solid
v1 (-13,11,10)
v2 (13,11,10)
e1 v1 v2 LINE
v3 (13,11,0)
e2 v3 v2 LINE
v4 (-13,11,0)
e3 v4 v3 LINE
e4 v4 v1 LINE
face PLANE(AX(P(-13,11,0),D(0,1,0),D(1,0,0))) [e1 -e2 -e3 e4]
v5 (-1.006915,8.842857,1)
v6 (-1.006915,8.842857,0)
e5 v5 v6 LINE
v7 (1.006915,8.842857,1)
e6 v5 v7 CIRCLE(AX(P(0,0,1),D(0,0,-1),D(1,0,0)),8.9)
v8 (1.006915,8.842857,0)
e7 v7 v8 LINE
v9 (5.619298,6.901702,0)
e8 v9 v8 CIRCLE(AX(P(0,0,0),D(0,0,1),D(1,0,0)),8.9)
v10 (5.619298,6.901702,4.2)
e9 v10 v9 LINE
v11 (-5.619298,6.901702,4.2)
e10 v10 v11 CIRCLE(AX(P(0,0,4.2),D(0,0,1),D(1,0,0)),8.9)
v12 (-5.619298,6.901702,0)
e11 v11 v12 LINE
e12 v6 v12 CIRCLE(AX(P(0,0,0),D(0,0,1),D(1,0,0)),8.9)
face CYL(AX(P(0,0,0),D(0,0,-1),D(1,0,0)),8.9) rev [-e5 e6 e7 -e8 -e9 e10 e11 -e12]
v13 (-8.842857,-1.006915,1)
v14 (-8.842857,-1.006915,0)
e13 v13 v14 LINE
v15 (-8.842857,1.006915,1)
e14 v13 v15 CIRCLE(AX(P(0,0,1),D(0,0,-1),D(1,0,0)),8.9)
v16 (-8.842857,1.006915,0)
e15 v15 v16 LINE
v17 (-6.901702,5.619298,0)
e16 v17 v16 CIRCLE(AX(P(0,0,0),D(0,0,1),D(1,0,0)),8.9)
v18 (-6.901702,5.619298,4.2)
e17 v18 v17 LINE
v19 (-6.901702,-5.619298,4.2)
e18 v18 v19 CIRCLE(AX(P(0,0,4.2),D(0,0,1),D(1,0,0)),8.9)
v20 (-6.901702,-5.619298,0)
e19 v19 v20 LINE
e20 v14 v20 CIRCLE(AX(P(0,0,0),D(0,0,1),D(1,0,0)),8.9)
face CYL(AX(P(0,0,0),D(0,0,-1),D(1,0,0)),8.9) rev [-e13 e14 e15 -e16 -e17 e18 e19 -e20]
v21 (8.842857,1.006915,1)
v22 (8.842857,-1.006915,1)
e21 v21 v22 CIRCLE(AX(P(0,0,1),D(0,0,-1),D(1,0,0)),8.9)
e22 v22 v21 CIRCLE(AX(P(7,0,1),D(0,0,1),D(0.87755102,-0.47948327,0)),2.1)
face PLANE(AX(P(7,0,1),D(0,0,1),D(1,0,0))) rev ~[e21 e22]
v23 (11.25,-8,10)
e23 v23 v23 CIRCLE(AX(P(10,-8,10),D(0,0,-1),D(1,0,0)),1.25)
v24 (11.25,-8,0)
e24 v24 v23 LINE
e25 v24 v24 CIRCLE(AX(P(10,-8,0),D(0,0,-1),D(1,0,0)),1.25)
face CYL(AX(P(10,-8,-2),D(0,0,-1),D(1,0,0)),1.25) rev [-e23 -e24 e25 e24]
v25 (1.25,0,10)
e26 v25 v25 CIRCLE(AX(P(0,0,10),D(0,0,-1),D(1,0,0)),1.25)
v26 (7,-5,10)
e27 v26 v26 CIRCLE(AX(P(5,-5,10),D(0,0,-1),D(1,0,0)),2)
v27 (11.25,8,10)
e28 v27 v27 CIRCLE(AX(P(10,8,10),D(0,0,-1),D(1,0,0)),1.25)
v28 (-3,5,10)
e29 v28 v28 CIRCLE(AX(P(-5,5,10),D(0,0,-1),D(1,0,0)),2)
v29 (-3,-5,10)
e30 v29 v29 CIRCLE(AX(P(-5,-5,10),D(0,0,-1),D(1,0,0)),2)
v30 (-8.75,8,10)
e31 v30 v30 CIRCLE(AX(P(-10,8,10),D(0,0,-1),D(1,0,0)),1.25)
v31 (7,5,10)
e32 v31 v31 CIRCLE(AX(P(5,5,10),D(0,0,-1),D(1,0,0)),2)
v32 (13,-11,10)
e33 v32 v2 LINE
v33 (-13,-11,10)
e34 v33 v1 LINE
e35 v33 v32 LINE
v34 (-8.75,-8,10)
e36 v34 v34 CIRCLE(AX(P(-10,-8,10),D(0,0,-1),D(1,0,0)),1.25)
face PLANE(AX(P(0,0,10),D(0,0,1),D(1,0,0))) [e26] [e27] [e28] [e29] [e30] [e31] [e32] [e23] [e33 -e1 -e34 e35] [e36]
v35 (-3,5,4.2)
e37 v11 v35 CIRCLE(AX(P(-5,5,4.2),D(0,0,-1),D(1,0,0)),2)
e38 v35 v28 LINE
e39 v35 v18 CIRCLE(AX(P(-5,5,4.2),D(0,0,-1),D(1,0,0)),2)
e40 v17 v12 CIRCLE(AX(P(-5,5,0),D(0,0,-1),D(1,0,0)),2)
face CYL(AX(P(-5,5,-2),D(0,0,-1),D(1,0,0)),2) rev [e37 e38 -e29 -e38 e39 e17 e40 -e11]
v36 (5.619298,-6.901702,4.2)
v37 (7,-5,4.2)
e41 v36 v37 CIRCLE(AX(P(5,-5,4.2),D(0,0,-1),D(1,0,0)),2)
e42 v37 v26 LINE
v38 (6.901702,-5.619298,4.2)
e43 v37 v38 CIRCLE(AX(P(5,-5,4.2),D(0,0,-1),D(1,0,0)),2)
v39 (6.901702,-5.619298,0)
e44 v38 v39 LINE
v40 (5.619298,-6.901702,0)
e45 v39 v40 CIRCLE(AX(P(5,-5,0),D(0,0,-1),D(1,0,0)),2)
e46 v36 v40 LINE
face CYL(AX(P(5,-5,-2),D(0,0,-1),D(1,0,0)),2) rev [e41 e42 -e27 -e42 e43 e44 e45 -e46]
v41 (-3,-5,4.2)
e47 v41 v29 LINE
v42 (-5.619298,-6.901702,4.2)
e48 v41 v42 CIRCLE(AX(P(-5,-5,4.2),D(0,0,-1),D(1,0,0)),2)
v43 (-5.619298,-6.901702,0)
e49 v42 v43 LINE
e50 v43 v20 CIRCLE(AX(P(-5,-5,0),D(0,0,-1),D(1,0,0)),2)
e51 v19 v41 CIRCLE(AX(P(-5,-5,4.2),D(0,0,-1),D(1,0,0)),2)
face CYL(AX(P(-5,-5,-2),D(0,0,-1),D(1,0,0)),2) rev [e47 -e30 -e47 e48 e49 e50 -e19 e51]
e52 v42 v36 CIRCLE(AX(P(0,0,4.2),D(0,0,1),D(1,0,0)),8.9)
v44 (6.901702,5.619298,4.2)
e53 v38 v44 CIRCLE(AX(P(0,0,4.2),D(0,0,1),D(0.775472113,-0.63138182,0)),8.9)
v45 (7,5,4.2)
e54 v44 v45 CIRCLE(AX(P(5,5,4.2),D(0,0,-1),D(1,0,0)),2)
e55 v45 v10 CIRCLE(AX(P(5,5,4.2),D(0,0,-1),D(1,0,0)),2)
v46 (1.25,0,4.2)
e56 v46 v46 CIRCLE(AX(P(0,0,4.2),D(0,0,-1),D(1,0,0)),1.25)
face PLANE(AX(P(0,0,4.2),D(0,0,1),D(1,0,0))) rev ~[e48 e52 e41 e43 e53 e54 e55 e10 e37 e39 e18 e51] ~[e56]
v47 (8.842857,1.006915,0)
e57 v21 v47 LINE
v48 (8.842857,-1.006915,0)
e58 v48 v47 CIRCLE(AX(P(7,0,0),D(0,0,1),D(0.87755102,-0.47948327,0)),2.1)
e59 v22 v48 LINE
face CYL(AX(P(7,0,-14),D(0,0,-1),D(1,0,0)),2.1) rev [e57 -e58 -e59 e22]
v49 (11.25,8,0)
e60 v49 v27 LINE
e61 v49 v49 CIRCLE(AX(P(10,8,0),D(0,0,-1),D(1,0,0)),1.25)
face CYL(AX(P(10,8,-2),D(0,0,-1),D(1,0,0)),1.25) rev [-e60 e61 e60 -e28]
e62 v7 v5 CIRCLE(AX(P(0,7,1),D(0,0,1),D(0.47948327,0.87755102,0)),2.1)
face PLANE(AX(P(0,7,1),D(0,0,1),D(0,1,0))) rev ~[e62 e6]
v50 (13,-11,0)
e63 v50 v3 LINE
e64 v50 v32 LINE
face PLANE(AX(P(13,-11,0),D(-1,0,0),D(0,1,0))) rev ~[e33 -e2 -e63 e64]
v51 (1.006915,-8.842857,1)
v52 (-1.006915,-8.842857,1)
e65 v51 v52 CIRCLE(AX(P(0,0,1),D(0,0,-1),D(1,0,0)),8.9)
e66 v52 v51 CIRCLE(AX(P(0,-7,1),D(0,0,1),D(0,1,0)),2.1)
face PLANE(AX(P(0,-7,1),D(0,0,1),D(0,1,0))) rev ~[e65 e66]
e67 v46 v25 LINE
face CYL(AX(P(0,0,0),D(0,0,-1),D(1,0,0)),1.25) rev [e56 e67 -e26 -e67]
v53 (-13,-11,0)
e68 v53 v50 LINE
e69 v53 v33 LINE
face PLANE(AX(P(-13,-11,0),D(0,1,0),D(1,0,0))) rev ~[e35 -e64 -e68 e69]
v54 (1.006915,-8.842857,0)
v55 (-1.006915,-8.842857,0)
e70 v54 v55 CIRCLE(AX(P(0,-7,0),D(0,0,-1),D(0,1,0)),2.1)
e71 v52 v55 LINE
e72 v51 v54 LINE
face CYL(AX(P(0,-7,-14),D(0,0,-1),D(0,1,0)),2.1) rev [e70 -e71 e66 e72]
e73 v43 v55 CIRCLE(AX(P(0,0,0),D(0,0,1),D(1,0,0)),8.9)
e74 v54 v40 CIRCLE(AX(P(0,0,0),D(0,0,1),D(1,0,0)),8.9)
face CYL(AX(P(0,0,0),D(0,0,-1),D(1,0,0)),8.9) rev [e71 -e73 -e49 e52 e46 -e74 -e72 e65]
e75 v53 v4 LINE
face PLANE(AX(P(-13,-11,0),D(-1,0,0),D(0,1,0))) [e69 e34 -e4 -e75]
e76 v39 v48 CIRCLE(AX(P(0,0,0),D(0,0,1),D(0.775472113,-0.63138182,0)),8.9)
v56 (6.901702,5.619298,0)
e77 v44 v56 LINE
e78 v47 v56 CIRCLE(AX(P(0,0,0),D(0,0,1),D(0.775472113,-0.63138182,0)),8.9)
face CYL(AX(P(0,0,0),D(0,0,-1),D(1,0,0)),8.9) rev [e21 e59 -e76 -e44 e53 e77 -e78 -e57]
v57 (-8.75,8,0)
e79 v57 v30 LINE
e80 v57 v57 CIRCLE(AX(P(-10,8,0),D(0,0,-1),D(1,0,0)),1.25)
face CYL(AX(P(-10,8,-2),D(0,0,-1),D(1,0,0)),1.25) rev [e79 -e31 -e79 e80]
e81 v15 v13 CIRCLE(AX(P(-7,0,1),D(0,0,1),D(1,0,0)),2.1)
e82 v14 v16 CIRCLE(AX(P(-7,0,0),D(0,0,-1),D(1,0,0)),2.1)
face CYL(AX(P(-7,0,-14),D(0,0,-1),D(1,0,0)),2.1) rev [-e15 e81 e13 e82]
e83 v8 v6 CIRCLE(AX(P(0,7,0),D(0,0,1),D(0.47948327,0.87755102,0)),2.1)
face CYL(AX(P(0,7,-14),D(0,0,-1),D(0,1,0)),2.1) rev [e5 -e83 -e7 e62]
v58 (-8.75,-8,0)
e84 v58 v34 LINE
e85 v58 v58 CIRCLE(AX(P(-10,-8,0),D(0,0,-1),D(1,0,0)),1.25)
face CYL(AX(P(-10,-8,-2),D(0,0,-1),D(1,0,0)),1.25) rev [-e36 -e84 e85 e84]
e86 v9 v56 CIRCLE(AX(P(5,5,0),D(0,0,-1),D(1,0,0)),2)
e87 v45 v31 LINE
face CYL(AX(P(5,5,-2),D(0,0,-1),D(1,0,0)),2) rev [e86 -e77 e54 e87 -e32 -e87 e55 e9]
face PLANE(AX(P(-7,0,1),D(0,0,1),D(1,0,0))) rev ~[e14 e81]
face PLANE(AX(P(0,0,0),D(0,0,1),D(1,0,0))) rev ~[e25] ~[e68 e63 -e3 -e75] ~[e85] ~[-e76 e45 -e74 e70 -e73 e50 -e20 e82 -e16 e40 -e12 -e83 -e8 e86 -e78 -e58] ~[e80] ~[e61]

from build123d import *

# Parameters (mm, degrees)
CYLINDER968_R             = 2.1
CYLINDER968_DEPTH         = 15
CYLINDER969_R             = 2.1
CYLINDER969_DEPTH         = 15
CYLINDER970_R             = 2.1
CYLINDER970_DEPTH         = 15
CYLINDER971_R             = 2.1
CYLINDER971_DEPTH         = 15
FUSION109_PLACEMENT_ANGLE = 90
CYLINDER965_R             = 2
CYLINDER965_DEPTH         = 15
CYLINDER967_R             = 2
CYLINDER967_DEPTH         = 15
CYLINDER966_R             = 2
CYLINDER966_DEPTH         = 15
CYLINDER964_R             = 2
CYLINDER964_DEPTH         = 15
CYLINDER958_R             = 1.25
CYLINDER958_DEPTH         = 15
CYLINDER957_R             = 1.25
CYLINDER957_DEPTH         = 15
CYLINDER956_R             = 1.25
CYLINDER956_DEPTH         = 15
CYLINDER955_R             = 1.25
CYLINDER955_DEPTH         = 15
CYLINDER070_R             = 8.9
CYLINDER070_DEPTH         = 4.2
CYLINDER072_R             = 1.25
CYLINDER072_DEPTH         = 12
BOX005_W                  = 26
BOX005_H                  = 22
BOX005_DEPTH              = 10


with BuildPart() as cylinder968:
    # Cylinder968 → Cylinder968 (new body)
    with BuildSketch(Plane(origin=(7, 0, 0), x_dir=(1, 0, 0), z_dir=(0, 0, 1))):
        Circle(CYLINDER968_R)
    extrude(amount=CYLINDER968_DEPTH)


with BuildPart() as fusion108:
    # Cylinder969 → Cylinder969 (new body)
    with BuildSketch(Plane(origin=(-7, 0, 0), x_dir=(1, 0, 0), z_dir=(0, 0, 1))):
        Circle(CYLINDER969_R)
    extrude(amount=CYLINDER969_DEPTH)

    # Fusion108: union Cylinder968
    add(cylinder968.part)


with BuildPart() as cylinder970:
    # Cylinder970 → Cylinder970 (new body)
    with BuildSketch(Plane(origin=(7, 0, 0), x_dir=(1, 0, 0), z_dir=(0, 0, 1))):
        Circle(CYLINDER970_R)
    extrude(amount=CYLINDER970_DEPTH)


with BuildPart() as fusion110:
    # Cylinder971 → Cylinder971 (new body)
    with BuildSketch(Plane(origin=(-7, 0, 0), x_dir=(1, 0, 0), z_dir=(0, 0, 1))):
        Circle(CYLINDER971_R)
    extrude(amount=CYLINDER971_DEPTH)

    # Fusion109: union Cylinder970
    add(cylinder970.part)


with BuildPart() as fusion110_1:
    # Fusion109 placement: moved
    add(fusion110.part.rotate(Axis((0, 0, 0), (0, 0, 1)), FUSION109_PLACEMENT_ANGLE))

    # Fusion110: union Fusion108
    add(fusion108.part)


with BuildPart() as fusion110_2:
    # Fusion110 placement: moved
    add(fusion110_1.part.moved(Location((0, 0, -14))))


with BuildPart() as cylinder965:
    # Cylinder965 → Cylinder965 (new body)
    with BuildSketch(Plane(origin=(5, 5, -2), x_dir=(1, 0, 0), z_dir=(0, 0, 1))):
        Circle(CYLINDER965_R)
    extrude(amount=CYLINDER965_DEPTH)


with BuildPart() as cylinder967:
    # Cylinder967 → Cylinder967 (new body)
    with BuildSketch(Plane(origin=(5, -5, -2), x_dir=(1, 0, 0), z_dir=(0, 0, 1))):
        Circle(CYLINDER967_R)
    extrude(amount=CYLINDER967_DEPTH)


with BuildPart() as cylinder966:
    # Cylinder966 → Cylinder966 (new body)
    with BuildSketch(Plane(origin=(-5, -5, -2), x_dir=(1, 0, 0), z_dir=(0, 0, 1))):
        Circle(CYLINDER966_R)
    extrude(amount=CYLINDER966_DEPTH)


with BuildPart() as fusion106:
    # Cylinder964 → Cylinder964 (new body)
    with BuildSketch(Plane(origin=(-5, 5, -2), x_dir=(1, 0, 0), z_dir=(0, 0, 1))):
        Circle(CYLINDER964_R)
    extrude(amount=CYLINDER964_DEPTH)

    # Fusion106: union Cylinder965, Cylinder967, Cylinder966
    add(cylinder965.part)
    add(cylinder967.part)
    add(cylinder966.part)


with BuildPart() as cylinder958:
    # Cylinder958 → Cylinder958 (new body)
    with BuildSketch(Plane(origin=(10, -8, -2), x_dir=(1, 0, 0), z_dir=(0, 0, 1))):
        Circle(CYLINDER958_R)
    extrude(amount=CYLINDER958_DEPTH)


with BuildPart() as cylinder957:
    # Cylinder957 → Cylinder957 (new body)
    with BuildSketch(Plane(origin=(10, 8, -2), x_dir=(1, 0, 0), z_dir=(0, 0, 1))):
        Circle(CYLINDER957_R)
    extrude(amount=CYLINDER957_DEPTH)


with BuildPart() as cylinder956:
    # Cylinder956 → Cylinder956 (new body)
    with BuildSketch(Plane(origin=(-10, -8, -2), x_dir=(1, 0, 0), z_dir=(0, 0, 1))):
        Circle(CYLINDER956_R)
    extrude(amount=CYLINDER956_DEPTH)


with BuildPart() as fusion104:
    # Cylinder955 → Cylinder955 (new body)
    with BuildSketch(Plane(origin=(-10, 8, -2), x_dir=(1, 0, 0), z_dir=(0, 0, 1))):
        Circle(CYLINDER955_R)
    extrude(amount=CYLINDER955_DEPTH)

    # Fusion104: union Cylinder958, Cylinder957, Cylinder956
    add(cylinder958.part)
    add(cylinder957.part)
    add(cylinder956.part)


with BuildPart() as cylinder070:
    # Cylinder070 → Cylinder070 (new body)
    with BuildSketch(Plane.XY):
        Circle(CYLINDER070_R)
    extrude(amount=CYLINDER070_DEPTH)


with BuildPart() as fusion036:
    # Cylinder072 → Cylinder072 (new body)
    with BuildSketch(Plane.XY):
        Circle(CYLINDER072_R)
    extrude(amount=CYLINDER072_DEPTH)

    # Fusion036: union Cylinder070
    add(cylinder070.part)


with BuildPart() as diff_lock_planetary_inf_holes:
    # Box005 → Box005 (new body)
    with BuildSketch(Plane(origin=(-13, -11, 0), x_dir=(1, 0, 0), z_dir=(0, 0, 1))):
        with Locations((13, 11)):
            Rectangle(BOX005_W, BOX005_H)
    extrude(amount=BOX005_DEPTH)

    # Cut014011: cut Fusion036
    add(fusion036.part, mode=Mode.SUBTRACT)

    # Cut014048: cut Fusion104
    add(fusion104.part, mode=Mode.SUBTRACT)

    # Cut014053: cut Fusion106
    add(fusion106.part, mode=Mode.SUBTRACT)

    # Cut014054: cut Fusion110
    add(fusion110_2.part, mode=Mode.SUBTRACT)


solid = diff_lock_planetary_inf_holes.part
